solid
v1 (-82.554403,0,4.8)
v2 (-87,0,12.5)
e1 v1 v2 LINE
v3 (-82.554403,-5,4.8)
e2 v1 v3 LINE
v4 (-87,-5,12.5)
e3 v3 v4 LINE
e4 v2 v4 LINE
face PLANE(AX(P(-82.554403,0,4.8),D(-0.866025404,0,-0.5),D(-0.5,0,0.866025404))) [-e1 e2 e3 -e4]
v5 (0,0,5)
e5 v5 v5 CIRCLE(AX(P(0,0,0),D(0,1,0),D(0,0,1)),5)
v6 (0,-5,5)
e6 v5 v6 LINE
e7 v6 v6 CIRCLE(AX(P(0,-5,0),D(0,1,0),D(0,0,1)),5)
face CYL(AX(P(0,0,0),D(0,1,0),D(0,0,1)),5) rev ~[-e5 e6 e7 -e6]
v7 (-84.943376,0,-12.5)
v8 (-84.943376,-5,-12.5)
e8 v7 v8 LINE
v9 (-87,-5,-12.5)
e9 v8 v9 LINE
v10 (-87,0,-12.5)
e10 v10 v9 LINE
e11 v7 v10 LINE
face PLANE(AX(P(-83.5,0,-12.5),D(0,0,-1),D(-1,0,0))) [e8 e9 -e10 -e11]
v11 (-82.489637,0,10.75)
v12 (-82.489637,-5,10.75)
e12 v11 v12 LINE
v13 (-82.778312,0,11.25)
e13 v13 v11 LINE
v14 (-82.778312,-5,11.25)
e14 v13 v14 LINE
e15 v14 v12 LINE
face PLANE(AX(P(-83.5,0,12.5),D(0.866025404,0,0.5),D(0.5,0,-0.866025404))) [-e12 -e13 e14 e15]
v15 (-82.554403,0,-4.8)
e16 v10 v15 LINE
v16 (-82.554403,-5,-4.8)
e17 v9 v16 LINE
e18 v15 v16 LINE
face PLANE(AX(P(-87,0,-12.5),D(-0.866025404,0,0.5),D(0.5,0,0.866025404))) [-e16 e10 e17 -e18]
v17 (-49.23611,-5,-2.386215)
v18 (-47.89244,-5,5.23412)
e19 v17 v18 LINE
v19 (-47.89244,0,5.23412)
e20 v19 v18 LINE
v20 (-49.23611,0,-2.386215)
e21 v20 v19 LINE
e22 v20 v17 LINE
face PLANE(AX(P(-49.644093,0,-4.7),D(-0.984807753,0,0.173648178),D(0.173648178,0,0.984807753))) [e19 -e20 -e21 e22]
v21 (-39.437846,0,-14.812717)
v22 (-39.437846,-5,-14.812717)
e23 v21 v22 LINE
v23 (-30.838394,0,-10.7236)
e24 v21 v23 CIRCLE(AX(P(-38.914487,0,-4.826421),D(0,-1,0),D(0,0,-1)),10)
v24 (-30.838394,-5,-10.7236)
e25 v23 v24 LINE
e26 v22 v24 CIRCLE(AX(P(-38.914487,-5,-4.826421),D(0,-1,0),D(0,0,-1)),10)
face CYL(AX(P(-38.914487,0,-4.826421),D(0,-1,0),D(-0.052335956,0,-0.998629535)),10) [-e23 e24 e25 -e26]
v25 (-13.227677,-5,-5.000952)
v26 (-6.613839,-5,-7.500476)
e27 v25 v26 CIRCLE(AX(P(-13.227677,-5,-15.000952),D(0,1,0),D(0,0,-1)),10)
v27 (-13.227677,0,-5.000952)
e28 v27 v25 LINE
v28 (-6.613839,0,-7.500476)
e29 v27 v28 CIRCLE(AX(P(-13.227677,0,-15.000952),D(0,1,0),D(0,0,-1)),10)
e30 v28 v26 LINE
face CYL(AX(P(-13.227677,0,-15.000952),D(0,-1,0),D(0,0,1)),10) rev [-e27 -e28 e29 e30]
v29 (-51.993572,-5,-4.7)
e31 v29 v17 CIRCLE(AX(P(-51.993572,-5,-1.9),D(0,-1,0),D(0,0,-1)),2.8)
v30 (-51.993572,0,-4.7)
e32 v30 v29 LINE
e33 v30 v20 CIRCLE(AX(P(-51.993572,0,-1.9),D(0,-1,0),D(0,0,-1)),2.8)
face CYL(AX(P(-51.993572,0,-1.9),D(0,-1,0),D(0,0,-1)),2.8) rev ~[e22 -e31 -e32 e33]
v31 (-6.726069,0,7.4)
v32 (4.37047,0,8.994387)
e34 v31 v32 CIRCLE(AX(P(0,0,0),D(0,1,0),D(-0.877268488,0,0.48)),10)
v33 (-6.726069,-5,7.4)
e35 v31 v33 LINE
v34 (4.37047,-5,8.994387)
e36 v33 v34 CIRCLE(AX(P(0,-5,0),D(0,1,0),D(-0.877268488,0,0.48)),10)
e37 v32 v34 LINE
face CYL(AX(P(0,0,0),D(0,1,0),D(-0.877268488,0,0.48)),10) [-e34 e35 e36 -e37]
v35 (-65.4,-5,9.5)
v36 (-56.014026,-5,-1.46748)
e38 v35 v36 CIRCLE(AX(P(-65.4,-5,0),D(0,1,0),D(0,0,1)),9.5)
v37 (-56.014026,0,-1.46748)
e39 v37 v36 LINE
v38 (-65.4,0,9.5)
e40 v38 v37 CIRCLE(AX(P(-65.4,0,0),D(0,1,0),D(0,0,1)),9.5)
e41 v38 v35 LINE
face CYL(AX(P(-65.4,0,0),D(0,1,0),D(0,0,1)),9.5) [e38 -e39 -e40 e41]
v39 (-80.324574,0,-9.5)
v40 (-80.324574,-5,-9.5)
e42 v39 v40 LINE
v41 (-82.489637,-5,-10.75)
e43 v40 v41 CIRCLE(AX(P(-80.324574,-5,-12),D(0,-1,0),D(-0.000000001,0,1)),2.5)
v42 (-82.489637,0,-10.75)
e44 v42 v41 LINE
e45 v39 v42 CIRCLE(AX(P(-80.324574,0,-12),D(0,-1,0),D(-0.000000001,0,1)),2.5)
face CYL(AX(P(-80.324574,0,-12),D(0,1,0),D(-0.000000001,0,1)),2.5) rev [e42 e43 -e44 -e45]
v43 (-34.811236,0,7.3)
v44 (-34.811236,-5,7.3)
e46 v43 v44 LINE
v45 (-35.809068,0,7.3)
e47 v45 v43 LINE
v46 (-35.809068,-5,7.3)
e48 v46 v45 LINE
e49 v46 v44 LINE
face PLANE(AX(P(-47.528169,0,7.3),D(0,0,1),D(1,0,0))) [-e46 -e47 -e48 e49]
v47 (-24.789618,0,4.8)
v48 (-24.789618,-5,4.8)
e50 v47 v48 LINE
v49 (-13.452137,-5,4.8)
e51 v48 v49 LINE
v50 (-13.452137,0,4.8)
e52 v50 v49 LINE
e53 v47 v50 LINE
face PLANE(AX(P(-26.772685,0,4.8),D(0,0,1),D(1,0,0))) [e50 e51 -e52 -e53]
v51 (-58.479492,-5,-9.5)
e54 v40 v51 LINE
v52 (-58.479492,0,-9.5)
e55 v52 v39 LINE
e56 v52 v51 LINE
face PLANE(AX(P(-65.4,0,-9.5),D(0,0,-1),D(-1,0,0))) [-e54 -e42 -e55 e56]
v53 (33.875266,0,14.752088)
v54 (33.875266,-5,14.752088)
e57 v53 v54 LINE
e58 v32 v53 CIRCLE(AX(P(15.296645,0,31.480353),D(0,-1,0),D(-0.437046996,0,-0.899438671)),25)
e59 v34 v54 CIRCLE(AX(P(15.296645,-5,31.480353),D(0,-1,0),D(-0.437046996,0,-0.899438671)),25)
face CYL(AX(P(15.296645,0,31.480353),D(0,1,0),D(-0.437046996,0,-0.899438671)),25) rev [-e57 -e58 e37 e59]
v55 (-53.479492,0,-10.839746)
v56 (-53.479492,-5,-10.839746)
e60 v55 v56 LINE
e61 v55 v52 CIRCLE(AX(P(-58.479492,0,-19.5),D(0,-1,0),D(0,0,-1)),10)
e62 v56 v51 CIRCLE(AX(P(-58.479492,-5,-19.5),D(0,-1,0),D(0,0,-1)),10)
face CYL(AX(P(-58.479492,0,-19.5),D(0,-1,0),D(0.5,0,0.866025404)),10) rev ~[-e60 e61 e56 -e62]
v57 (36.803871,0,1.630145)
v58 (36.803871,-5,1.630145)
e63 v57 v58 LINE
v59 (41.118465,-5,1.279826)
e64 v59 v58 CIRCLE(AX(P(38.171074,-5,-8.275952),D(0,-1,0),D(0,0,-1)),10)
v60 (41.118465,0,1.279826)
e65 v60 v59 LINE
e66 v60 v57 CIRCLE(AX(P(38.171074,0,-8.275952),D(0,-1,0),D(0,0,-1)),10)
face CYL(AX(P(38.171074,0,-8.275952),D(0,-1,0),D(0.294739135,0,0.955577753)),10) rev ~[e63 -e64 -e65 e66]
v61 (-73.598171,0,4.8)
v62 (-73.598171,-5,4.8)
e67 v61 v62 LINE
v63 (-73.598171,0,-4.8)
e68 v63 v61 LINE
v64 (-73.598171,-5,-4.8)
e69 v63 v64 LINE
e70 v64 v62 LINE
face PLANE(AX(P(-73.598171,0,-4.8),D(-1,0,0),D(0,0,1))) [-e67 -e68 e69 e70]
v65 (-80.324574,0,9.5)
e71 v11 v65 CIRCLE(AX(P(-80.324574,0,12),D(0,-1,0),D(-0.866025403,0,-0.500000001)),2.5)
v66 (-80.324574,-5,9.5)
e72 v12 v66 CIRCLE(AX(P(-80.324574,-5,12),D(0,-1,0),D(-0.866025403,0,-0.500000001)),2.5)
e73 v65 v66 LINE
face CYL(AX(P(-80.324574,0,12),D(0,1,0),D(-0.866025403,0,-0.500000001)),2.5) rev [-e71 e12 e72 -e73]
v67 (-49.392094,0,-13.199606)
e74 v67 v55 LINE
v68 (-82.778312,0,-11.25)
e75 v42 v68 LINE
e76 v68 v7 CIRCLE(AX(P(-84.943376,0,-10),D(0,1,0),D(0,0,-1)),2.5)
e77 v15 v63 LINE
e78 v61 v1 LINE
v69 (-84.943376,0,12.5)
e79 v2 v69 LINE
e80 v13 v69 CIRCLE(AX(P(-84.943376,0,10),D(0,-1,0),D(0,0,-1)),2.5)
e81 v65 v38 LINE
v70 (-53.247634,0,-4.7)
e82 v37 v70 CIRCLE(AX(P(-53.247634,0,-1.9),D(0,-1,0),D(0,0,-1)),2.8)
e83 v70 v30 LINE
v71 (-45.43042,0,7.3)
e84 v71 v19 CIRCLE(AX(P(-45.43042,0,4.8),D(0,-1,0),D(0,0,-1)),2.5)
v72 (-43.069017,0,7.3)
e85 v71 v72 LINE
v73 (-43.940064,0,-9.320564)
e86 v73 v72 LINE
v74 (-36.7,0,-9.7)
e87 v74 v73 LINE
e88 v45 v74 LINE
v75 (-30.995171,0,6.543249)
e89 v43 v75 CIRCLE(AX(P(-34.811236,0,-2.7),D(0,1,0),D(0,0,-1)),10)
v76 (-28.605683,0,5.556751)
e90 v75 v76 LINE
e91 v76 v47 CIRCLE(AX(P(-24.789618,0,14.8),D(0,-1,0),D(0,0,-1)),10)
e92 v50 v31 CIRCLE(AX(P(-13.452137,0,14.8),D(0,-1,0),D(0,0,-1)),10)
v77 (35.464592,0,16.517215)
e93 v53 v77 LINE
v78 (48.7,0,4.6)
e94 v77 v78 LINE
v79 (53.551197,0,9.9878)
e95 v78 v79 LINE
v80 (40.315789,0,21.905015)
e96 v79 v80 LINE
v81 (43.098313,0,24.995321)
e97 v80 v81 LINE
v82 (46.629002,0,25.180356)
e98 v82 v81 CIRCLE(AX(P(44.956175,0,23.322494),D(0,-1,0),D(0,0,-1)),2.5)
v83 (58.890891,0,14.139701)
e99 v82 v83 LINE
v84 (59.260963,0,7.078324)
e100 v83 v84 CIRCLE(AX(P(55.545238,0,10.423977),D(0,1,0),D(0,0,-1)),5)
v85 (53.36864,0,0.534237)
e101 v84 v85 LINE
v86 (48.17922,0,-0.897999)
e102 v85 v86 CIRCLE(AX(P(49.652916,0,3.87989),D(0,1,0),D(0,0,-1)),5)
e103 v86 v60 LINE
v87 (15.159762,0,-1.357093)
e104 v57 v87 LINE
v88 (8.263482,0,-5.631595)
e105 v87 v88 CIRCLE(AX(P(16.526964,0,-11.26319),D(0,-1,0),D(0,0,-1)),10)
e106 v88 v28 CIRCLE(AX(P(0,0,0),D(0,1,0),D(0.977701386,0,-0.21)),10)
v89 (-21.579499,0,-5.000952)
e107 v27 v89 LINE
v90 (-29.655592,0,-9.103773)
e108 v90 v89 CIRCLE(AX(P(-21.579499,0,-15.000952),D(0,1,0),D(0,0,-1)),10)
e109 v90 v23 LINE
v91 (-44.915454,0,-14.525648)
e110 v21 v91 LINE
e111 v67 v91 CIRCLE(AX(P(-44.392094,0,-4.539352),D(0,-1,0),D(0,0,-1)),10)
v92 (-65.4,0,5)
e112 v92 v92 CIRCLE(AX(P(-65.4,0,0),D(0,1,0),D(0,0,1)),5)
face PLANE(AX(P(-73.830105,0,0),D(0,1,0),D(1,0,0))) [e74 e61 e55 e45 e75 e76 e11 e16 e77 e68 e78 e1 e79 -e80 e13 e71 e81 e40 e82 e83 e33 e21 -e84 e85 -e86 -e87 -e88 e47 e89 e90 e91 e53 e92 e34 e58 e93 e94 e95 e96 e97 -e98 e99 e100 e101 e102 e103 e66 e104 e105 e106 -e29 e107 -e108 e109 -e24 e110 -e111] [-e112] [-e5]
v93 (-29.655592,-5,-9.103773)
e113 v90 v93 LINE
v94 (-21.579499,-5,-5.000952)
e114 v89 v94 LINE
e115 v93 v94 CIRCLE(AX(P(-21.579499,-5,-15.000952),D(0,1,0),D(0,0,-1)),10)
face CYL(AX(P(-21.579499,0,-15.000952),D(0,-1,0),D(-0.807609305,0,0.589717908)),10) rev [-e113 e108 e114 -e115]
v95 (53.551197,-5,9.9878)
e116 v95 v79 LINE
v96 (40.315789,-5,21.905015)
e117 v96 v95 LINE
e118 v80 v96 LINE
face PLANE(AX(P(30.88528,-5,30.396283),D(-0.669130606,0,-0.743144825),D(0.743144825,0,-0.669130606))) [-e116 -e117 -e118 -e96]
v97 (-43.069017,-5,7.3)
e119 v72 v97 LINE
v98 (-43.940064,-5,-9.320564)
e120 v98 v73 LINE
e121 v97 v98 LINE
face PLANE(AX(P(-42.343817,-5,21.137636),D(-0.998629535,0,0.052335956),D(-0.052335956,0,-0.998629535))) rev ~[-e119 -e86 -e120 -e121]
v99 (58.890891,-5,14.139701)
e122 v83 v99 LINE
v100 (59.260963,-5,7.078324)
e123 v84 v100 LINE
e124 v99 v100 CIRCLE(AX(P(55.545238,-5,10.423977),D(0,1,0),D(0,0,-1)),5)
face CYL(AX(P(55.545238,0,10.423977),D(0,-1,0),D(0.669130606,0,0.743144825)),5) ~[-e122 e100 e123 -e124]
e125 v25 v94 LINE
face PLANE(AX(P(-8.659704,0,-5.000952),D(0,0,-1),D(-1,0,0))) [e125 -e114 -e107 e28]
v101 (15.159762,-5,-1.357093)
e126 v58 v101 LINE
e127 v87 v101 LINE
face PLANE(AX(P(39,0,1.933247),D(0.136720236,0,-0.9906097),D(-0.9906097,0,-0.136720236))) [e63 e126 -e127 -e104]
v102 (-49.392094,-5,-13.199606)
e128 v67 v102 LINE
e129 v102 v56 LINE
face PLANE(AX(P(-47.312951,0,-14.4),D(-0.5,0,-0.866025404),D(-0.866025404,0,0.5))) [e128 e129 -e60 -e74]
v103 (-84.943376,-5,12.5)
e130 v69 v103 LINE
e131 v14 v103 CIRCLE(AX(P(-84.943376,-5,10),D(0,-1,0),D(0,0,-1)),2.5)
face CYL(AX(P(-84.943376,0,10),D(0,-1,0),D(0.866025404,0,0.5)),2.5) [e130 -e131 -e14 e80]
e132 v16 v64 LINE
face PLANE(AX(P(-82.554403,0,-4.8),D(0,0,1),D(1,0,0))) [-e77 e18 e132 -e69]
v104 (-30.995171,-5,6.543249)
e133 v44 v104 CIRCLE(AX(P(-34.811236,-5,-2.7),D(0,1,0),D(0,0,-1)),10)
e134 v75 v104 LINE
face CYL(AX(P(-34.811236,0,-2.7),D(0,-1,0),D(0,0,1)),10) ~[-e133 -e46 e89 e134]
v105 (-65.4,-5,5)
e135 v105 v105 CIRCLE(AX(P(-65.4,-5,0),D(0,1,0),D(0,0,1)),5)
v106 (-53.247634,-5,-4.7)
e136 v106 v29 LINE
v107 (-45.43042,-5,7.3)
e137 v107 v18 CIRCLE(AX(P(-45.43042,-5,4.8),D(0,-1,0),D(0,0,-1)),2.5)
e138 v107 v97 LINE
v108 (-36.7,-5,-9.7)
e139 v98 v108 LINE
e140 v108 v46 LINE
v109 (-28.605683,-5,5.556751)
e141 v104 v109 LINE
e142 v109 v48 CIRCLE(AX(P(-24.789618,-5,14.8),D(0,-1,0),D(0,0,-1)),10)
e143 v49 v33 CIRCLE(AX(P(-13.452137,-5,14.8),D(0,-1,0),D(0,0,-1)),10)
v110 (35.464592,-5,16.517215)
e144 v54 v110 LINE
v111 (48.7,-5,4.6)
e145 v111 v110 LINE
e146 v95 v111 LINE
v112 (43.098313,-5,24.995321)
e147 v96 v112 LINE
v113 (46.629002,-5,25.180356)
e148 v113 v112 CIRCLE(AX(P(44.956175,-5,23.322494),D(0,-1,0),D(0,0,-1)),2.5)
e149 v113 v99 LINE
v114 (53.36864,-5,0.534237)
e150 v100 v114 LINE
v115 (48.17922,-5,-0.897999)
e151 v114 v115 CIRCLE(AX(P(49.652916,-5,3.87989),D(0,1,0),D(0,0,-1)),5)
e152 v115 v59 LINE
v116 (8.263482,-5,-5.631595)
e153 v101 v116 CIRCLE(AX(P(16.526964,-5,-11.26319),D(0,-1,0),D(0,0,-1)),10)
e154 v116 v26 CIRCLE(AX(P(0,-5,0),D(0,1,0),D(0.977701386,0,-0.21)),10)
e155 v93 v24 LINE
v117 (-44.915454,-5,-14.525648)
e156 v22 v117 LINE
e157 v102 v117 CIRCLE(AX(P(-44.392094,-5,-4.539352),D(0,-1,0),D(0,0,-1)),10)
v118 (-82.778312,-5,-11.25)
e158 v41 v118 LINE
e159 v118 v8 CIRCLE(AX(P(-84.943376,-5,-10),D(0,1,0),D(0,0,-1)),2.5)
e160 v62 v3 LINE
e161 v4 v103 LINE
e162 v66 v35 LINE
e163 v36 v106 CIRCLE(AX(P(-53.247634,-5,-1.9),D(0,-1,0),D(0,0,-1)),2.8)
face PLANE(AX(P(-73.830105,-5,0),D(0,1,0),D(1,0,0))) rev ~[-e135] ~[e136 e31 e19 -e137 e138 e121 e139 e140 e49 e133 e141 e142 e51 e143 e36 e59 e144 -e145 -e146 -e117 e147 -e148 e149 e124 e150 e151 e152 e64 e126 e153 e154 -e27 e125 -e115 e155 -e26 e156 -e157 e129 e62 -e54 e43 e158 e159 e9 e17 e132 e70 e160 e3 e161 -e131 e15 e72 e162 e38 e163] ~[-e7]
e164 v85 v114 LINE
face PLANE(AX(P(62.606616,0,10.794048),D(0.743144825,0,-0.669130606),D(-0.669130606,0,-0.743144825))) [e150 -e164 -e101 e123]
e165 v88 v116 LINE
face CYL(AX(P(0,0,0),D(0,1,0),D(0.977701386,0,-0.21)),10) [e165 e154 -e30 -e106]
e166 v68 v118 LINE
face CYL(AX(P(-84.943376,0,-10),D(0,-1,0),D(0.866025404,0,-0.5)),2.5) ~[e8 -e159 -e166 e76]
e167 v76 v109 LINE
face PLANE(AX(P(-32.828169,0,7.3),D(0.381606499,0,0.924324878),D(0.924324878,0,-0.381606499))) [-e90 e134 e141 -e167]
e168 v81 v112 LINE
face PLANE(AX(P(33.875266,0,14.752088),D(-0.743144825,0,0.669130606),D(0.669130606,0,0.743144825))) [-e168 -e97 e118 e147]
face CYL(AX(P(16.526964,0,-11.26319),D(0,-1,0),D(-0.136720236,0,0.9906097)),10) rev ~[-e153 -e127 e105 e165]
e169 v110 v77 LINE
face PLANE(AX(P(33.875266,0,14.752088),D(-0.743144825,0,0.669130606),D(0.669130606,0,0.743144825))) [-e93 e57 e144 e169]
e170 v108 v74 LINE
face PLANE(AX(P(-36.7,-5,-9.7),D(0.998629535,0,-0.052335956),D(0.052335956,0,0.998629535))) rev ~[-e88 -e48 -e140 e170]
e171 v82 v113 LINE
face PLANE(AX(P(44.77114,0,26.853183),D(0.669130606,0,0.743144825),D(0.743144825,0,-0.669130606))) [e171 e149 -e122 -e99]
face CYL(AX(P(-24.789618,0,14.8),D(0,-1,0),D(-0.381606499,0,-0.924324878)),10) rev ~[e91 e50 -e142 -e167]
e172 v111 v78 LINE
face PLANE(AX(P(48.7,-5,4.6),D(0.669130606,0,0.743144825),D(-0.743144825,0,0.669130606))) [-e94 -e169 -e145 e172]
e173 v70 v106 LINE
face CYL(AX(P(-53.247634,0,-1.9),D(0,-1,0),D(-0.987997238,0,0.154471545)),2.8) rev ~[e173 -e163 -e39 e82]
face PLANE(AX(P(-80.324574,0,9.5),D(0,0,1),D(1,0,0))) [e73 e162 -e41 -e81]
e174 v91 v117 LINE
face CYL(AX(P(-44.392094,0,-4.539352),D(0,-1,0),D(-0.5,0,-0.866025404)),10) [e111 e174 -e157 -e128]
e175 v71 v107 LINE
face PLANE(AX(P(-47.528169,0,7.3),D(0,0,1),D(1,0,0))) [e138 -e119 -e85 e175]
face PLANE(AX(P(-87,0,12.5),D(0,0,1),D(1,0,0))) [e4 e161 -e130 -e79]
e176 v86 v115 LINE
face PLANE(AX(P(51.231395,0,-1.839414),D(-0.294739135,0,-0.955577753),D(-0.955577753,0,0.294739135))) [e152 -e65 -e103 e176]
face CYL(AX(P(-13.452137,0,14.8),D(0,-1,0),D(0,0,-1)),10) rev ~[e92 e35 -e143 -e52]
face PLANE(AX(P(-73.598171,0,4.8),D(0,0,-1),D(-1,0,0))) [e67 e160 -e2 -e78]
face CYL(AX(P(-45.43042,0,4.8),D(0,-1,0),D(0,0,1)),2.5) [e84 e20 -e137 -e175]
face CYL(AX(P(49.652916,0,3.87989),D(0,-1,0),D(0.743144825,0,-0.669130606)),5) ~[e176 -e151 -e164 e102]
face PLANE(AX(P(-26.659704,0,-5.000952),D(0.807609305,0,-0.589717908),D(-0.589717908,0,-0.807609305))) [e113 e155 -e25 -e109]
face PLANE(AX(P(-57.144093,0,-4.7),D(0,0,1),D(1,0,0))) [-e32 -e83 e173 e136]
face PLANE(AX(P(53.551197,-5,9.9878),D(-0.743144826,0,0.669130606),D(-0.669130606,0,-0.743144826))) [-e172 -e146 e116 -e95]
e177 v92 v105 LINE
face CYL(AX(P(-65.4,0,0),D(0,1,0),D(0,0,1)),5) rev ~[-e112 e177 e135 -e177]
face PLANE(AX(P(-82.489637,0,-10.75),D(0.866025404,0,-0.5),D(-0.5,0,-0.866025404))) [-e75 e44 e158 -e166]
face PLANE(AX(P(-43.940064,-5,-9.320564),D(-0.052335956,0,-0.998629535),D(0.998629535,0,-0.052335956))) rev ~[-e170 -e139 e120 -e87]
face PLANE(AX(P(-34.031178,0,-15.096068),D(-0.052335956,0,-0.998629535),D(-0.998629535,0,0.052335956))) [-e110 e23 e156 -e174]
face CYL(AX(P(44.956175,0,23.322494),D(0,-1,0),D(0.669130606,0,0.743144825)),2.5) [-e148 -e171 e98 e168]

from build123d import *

# Parameters (mm, degrees)
SKETCH_2_R          = 5
EXTRUDE_1_DEPTH     = 5
CUT_EXTRUDE_1_DEPTH = 92.187134051
FILLET_1_R          = 2.8
FILLET_2_R          = 2.8
FILLET_3_R          = 10
FILLET_4_R          = 5
FILLET_5_R          = 2.5
FILLET_6_R          = 10


with BuildPart() as part:
    # 草图2 → 凸台-拉伸1 (new body)
    # profile 1 of 2: a face of its own
    with BuildSketch(Plane(origin=(0, 0, 0), x_dir=(1, 0, 0), z_dir=(0, 1, 0))):
        with BuildLine():
            Line((-55.8, 9.5), (-65.4, 9.5))
            ThreePointArc((-65.4, 9.5), (-60.625065445, 8.212794896), (-57.144093024, 4.7))
            Line((-57.144093024, 4.7), (-49.644093024, 4.7))
            Line((-49.644093024, 4.7), (-47.528169255, -7.3))
            Line((-47.528169255, -7.3), (-32.828169255, -7.3))
            Line((-32.828169255, -7.3), (-26.77268488, -4.8))
            Line((-26.77268488, -4.8), (-8.77268488, -4.8))
            ThreePointArc((-8.77268488, -4.8), (-3.040245716, -9.526641905), (4.370469962, -8.994386711))
            ThreePointArc((4.370469962, -8.994386711), (20.084939282, -6.943193169), (33.875265504, -14.75208833))
            Line((33.875265504, -14.75208833), (44.771139737, -26.853182613))
            Line((44.771139737, -26.853182613), (62.606615548, -10.794048061))
            Line((62.606615548, -10.794048061), (51.23139524, 1.839413972))
            Line((51.23139524, 1.839413972), (39, -1.933246956))
            Line((39, -1.933246956), (9.777013859, 2.1))
            ThreePointArc((9.777013859, 2.1), (1.554340892, 9.878462653), (-8.659704384, 5.000951907))
            Line((-8.659704384, 5.000951907), (-26.659704384, 5.000951907))
            Line((-26.659704384, 5.000951907), (-34.031178231, 15.096068218))
            Line((-34.031178231, 15.096068218), (-47.312951043, 14.4))
            Line((-47.312951043, 14.4), (-55.8, 9.5))
        make_face()
        with Locations(Location((0, 0, 0), (0, 0, 270))):
            Circle(SKETCH_2_R, mode=Mode.SUBTRACT)
    # profile 2 of 2: a face of its own
    with BuildSketch(Plane(origin=(0, 0, 0), x_dir=(1, 0, 0), z_dir=(0, 1, 0))):
        with BuildLine():
            Line((-80.324573519, -9.5), (-65.4, -9.5))
            ThreePointArc((-65.4, -9.5), (-55.9, 0), (-65.4, 9.5))
            Line((-65.4, 9.5), (-80.324573519, 9.5))
            ThreePointArc((-80.324573519, 9.5), (-81.574573519, 9.834936491), (-82.489637029, 10.75))
            Line((-82.489637029, 10.75), (-83.5, 12.5))
            Line((-83.5, 12.5), (-87, 12.5))
            Line((-87, 12.5), (-82.554402927, 4.8))
            Line((-82.554402927, 4.8), (-73.598170528, 4.8))
            Line((-73.598170528, 4.8), (-73.598170528, -4.8))
            Line((-73.598170528, -4.8), (-82.554402927, -4.8))
            Line((-82.554402927, -4.8), (-87, -12.5))
            Line((-87, -12.5), (-83.5, -12.5))
            Line((-83.5, -12.5), (-82.489637029, -10.75))
            ThreePointArc((-82.489637029, -10.75), (-81.574573519, -9.834936491), (-80.324573519, -9.5))
        make_face()
        with Locations(Location((-65.4, 0, 0), (0, 0, 270))):
            Circle(SKETCH_2_R, mode=Mode.SUBTRACT)
    extrude(amount=-EXTRUDE_1_DEPTH)

    # 草图4 → 切除-拉伸1 (cut, through all)
    with BuildSketch(Plane(origin=(0, -5, 0), x_dir=(-1, 0, 0), z_dir=(0, -1, 0))):
        Polygon((42.343817462, -21.137636493), (43.940064127, 9.320564317), (36.7, 9.7), (35.103753335, -20.75820081), align=None)
        Polygon((-48.7, -4.6), (-26.034082823, -25.008483494), (-30.885279719, -30.396283479), (-53.551196896, -9.987799985), align=None)
    extrude(amount=-CUT_EXTRUDE_1_DEPTH, mode=Mode.SUBTRACT)

    # 圆角1
    fillet_1_edges = [part.edges().sort_by_distance(p)[0] for p in [
        (-57.144093024, -2.5, -4.7),
    ]]
    fillet(fillet_1_edges, radius=FILLET_1_R)

    # 圆角2
    fillet_2_edges = [part.edges().sort_by_distance(p)[0] for p in [
        (-49.644093024, -2.5, -4.7),
    ]]
    fillet(fillet_2_edges, radius=FILLET_2_R)

    # 圆角3
    fillet_3_edges = [part.edges().sort_by_distance(p)[0] for p in [
        (-47.312951043, -2.5, -14.4),
        (-34.031178231, -2.5, -15.096068218),
        (-26.659704384, -2.5, -5.000951907),
        (-8.659704384, -2.5, -5.000951907),
        (9.777013859, -2.5, -2.1),
        (39, -2.5, 1.933246956),
        (-8.77268488, -2.5, 4.8),
        (-26.77268488, -2.5, 4.8),
        (-32.828169255, -2.5, 7.3),
    ]]
    fillet(fillet_3_edges, radius=FILLET_3_R)

    # 圆角4
    fillet_4_edges = [part.edges().sort_by_distance(p)[0] for p in [
        (51.23139524, -2.5, -1.839413972),
        (62.606615548, -2.5, 10.794048061),
    ]]
    fillet(fillet_4_edges, radius=FILLET_4_R)

    # 圆角5
    fillet_5_edges = [part.edges().sort_by_distance(p)[0] for p in [
        (44.771139737, -2.5, 26.853182613),
        (-47.528169255, -2.5, 7.3),
        (-83.5, -2.5, 12.5),
        (-83.5, -2.5, -12.5),
    ]]
    fillet(fillet_5_edges, radius=FILLET_5_R)

    # 圆角6
    fillet_6_edges = [part.edges().sort_by_distance(p)[0] for p in [
        (-55.8, -2.5, -9.5),
    ]]
    fillet(fillet_6_edges, radius=FILLET_6_R)


solid = part.part
